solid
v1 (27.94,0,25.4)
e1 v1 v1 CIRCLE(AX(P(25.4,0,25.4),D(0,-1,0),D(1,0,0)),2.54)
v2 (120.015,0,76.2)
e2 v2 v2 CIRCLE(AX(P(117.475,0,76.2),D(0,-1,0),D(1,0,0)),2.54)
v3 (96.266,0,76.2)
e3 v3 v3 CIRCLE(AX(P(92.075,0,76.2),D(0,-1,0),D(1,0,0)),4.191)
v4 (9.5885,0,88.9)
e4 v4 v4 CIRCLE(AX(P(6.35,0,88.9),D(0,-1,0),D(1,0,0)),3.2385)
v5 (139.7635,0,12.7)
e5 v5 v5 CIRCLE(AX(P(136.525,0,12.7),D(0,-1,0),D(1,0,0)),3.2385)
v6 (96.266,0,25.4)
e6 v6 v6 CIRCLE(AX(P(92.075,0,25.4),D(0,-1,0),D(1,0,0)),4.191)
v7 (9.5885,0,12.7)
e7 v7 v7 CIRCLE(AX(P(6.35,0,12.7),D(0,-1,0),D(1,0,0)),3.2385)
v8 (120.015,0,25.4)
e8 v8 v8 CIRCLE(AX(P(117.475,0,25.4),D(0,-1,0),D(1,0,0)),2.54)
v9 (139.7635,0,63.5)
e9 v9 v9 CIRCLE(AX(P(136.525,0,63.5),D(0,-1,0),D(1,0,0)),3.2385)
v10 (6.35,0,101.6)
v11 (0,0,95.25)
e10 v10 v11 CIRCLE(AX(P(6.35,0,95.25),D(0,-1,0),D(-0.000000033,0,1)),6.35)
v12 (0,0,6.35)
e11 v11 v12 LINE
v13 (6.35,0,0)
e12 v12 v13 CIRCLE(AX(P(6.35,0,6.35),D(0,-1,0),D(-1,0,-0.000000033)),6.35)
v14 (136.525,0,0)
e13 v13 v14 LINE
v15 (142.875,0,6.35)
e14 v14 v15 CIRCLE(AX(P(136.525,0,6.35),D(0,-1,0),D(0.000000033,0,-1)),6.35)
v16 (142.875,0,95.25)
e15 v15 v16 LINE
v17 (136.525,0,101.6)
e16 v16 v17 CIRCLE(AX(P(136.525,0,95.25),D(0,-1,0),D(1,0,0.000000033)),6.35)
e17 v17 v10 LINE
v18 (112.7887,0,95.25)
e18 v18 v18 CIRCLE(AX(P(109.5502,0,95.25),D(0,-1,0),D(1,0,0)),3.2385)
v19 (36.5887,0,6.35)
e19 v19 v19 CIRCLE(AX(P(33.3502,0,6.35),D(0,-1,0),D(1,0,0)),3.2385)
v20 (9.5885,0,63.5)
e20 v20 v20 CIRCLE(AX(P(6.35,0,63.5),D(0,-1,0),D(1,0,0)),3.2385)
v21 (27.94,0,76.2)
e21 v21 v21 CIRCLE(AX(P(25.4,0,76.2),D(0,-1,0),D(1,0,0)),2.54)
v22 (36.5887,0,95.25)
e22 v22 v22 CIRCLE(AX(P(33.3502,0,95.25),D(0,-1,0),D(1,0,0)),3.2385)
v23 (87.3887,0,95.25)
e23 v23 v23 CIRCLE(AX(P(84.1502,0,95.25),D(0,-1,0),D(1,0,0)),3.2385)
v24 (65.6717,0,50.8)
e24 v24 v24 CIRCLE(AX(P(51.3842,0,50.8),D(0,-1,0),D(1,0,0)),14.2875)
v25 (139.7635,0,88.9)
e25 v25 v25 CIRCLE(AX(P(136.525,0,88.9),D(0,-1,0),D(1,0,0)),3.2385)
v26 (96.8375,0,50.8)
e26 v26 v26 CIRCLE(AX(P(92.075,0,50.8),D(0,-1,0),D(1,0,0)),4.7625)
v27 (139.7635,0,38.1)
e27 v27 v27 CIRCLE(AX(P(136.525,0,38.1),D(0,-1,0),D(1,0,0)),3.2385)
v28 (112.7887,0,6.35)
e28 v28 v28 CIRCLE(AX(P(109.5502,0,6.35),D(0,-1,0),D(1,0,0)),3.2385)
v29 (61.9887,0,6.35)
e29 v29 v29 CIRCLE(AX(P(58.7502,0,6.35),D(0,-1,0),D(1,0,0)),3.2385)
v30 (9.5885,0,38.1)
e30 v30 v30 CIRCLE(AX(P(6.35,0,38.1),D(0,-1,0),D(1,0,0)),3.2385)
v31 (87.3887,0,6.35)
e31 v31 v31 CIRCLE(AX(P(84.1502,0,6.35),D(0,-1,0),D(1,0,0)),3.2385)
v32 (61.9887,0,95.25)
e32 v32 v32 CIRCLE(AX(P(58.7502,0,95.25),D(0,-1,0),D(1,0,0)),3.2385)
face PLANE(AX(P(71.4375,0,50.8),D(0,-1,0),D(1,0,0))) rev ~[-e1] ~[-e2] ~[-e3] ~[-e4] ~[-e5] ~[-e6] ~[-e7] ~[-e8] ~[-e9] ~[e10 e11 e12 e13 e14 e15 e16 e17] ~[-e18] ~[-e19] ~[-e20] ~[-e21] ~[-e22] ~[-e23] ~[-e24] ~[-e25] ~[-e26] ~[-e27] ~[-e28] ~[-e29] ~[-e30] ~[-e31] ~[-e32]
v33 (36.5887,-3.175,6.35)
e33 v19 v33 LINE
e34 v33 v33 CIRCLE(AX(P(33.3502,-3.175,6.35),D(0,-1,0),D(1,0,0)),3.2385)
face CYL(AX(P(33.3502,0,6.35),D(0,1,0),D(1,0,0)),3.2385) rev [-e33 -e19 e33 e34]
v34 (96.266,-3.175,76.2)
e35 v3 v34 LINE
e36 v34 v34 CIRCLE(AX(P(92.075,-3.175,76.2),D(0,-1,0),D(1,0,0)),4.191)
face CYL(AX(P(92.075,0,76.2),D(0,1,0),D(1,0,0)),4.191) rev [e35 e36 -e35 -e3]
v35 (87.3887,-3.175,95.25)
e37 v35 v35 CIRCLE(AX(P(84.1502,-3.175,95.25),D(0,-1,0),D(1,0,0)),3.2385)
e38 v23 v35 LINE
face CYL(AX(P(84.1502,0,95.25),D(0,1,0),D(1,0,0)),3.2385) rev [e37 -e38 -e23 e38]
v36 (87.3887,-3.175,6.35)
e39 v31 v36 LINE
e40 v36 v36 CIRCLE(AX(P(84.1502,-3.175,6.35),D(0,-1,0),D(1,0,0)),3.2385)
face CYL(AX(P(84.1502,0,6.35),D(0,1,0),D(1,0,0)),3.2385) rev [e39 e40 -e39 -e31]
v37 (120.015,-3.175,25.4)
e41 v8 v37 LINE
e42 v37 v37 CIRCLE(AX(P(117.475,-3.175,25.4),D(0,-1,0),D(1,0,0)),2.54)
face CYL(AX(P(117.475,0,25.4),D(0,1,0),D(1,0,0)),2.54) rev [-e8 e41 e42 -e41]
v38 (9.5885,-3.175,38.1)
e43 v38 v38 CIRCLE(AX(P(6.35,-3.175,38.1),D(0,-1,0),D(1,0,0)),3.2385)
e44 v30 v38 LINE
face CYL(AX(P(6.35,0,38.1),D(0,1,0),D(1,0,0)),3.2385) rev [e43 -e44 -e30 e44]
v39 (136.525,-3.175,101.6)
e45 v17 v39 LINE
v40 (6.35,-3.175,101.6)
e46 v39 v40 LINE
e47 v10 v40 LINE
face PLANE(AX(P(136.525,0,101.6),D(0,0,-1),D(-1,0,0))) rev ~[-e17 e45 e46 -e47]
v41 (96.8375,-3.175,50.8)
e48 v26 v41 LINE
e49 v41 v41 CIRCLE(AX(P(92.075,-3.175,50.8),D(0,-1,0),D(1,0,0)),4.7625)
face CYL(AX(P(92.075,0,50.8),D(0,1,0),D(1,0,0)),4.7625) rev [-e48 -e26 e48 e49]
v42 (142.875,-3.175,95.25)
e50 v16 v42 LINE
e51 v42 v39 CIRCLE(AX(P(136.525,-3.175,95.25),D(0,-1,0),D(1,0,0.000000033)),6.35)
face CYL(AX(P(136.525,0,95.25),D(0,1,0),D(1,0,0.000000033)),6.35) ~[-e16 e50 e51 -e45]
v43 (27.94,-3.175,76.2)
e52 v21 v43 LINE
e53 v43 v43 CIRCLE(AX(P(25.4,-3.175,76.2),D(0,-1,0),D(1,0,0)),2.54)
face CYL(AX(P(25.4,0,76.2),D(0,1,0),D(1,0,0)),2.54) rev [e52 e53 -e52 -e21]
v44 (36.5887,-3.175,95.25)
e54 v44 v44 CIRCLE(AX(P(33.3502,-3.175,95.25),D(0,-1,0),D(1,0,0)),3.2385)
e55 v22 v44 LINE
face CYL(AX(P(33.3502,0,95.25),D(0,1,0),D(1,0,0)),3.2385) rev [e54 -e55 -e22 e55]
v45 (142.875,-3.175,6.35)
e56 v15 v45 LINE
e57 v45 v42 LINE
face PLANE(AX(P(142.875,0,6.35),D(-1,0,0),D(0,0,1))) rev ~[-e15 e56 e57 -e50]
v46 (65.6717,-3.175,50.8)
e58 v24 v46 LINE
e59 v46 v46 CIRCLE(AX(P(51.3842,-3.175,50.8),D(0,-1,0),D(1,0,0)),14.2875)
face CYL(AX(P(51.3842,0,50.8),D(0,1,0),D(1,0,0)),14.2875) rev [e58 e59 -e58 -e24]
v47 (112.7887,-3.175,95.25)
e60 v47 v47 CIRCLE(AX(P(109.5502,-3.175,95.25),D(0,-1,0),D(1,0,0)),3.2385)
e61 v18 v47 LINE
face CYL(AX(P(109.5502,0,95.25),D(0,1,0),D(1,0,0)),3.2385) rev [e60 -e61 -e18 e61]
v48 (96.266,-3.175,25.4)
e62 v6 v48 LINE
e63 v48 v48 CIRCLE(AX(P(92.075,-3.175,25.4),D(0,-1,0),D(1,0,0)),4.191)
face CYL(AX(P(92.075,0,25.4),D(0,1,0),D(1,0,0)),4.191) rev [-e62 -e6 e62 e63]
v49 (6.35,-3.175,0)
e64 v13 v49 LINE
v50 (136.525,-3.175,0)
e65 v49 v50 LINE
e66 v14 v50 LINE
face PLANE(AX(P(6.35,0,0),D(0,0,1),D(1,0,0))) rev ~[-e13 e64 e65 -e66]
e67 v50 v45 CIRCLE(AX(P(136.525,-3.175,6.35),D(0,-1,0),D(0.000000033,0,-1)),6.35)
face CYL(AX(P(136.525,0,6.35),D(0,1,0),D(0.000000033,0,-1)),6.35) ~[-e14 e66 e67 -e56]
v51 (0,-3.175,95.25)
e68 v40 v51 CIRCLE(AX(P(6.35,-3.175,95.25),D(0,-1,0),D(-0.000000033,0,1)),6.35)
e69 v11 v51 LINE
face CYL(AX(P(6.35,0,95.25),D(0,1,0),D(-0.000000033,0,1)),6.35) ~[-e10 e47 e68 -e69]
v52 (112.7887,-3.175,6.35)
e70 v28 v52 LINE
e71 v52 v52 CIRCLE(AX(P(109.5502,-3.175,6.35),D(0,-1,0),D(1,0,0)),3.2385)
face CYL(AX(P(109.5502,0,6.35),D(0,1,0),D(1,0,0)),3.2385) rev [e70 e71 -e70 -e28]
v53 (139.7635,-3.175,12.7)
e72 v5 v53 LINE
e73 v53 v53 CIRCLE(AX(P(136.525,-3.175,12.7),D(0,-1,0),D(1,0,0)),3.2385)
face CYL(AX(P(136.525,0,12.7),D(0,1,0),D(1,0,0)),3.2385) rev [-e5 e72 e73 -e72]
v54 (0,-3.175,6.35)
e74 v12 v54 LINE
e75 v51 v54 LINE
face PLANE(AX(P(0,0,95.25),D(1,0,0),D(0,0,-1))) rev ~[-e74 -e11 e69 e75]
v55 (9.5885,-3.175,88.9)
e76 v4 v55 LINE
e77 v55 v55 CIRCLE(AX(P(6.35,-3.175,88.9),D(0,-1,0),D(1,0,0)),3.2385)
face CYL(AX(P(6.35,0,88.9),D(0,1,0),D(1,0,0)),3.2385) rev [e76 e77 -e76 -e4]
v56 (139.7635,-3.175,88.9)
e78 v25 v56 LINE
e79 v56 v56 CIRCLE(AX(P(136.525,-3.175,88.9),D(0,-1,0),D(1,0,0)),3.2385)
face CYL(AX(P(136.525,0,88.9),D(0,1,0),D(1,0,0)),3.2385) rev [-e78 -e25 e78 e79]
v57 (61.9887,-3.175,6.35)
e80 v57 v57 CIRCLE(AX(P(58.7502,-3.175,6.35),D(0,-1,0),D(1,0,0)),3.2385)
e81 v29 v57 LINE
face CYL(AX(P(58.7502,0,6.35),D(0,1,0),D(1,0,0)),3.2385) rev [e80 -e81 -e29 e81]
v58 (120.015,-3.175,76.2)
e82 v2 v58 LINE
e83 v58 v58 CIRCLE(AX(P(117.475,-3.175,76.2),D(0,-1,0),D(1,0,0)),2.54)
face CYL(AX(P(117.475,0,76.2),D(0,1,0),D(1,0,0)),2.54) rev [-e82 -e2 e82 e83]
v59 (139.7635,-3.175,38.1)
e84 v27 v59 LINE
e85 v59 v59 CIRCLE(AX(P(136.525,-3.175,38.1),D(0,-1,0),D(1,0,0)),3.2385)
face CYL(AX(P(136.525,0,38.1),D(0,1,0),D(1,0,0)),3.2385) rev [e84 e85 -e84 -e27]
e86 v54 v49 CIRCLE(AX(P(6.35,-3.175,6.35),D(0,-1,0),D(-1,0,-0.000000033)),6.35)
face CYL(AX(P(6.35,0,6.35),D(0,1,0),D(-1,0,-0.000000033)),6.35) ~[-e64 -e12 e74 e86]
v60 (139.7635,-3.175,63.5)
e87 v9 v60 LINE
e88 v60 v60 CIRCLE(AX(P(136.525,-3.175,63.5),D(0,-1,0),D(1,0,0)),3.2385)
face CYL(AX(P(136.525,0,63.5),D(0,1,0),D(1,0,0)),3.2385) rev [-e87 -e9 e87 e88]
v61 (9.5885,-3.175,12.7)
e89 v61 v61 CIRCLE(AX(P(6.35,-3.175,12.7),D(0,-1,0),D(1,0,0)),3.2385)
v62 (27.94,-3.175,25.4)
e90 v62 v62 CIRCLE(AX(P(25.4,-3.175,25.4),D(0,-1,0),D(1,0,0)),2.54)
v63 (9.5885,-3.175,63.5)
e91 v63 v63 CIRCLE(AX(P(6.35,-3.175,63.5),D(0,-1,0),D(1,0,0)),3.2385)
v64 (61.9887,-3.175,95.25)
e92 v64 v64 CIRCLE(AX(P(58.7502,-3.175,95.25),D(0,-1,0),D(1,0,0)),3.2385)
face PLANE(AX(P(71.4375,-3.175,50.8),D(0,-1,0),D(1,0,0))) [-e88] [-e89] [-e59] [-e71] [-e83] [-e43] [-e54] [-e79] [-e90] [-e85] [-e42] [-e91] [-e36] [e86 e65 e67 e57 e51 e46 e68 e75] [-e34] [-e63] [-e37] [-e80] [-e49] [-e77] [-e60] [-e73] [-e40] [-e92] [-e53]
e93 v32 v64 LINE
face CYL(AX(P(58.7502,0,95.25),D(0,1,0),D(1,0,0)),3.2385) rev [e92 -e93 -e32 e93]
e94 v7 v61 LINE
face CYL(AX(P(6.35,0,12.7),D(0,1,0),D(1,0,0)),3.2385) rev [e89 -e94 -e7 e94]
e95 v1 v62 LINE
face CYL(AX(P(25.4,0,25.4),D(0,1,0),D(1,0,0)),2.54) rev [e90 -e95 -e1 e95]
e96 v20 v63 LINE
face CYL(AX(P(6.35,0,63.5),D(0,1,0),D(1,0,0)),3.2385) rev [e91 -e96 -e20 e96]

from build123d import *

# Parameters (mm, degrees)
F0_R     = 3.2385
F0_R_2   = 2.54
F0_R_3   = 4.191
F0_R_4   = 14.2875
F0_R_5   = 4.7625
F1_DEPTH = 3.175


with BuildPart() as f1:
    # F0 (on Front) → F1 (new body)
    with BuildSketch(Plane.XZ):
        with BuildLine():
            ThreePointArc((0, 6.35), (1.859872, 1.859872), (6.35, 0))
            Line((6.35, 0), (136.525, 0))
            ThreePointArc((136.525, 0), (141.015128, 1.859872), (142.875, 6.35))
            Line((142.875, 6.35), (142.875, 95.25))
            ThreePointArc((142.875, 95.25), (141.015128, 99.740128), (136.525, 101.6))
            Line((136.525, 101.6), (6.35, 101.6))
            ThreePointArc((6.35, 101.6), (1.859872, 99.740128), (0, 95.25))
            Line((0, 95.25), (0, 6.35))
        make_face()
        with Locations((33.3502, 6.35)):
            Circle(F0_R, mode=Mode.SUBTRACT)
        with Locations((6.35, 12.7)):
            Circle(F0_R, mode=Mode.SUBTRACT)
        with Locations((58.7502, 6.35)):
            Circle(F0_R, mode=Mode.SUBTRACT)
        with Locations((25.4, 25.4)):
            Circle(F0_R_2, mode=Mode.SUBTRACT)
        with Locations((6.35, 38.1)):
            Circle(F0_R, mode=Mode.SUBTRACT)
        with Locations((84.1502, 6.35)):
            Circle(F0_R, mode=Mode.SUBTRACT)
        with Locations((109.5502, 6.35)):
            Circle(F0_R, mode=Mode.SUBTRACT)
        with Locations((136.525, 12.7)):
            Circle(F0_R, mode=Mode.SUBTRACT)
        with Locations((92.075, 25.4)):
            Circle(F0_R_3, mode=Mode.SUBTRACT)
        with Locations((117.475, 25.4)):
            Circle(F0_R_2, mode=Mode.SUBTRACT)
        with Locations((136.525, 38.1)):
            Circle(F0_R, mode=Mode.SUBTRACT)
        with Locations((6.35, 63.5)):
            Circle(F0_R, mode=Mode.SUBTRACT)
        with Locations((51.3842, 50.8)):
            Circle(F0_R_4, mode=Mode.SUBTRACT)
        with Locations((25.4, 76.2)):
            Circle(F0_R_2, mode=Mode.SUBTRACT)
        with Locations((6.35, 88.9)):
            Circle(F0_R, mode=Mode.SUBTRACT)
        with Locations((33.3502, 95.25)):
            Circle(F0_R, mode=Mode.SUBTRACT)
        with Locations((58.7502, 95.25)):
            Circle(F0_R, mode=Mode.SUBTRACT)
        with Locations((92.075, 50.8)):
            Circle(F0_R_5, mode=Mode.SUBTRACT)
        with Locations((136.525, 63.5)):
            Circle(F0_R, mode=Mode.SUBTRACT)
        with Locations((92.075, 76.2)):
            Circle(F0_R_3, mode=Mode.SUBTRACT)
        with Locations((84.1502, 95.25)):
            Circle(F0_R, mode=Mode.SUBTRACT)
        with Locations((117.475, 76.2)):
            Circle(F0_R_2, mode=Mode.SUBTRACT)
        with Locations((109.5502, 95.25)):
            Circle(F0_R, mode=Mode.SUBTRACT)
        with Locations((136.525, 88.9)):
            Circle(F0_R, mode=Mode.SUBTRACT)
    extrude(amount=F1_DEPTH)


solid = f1.part
